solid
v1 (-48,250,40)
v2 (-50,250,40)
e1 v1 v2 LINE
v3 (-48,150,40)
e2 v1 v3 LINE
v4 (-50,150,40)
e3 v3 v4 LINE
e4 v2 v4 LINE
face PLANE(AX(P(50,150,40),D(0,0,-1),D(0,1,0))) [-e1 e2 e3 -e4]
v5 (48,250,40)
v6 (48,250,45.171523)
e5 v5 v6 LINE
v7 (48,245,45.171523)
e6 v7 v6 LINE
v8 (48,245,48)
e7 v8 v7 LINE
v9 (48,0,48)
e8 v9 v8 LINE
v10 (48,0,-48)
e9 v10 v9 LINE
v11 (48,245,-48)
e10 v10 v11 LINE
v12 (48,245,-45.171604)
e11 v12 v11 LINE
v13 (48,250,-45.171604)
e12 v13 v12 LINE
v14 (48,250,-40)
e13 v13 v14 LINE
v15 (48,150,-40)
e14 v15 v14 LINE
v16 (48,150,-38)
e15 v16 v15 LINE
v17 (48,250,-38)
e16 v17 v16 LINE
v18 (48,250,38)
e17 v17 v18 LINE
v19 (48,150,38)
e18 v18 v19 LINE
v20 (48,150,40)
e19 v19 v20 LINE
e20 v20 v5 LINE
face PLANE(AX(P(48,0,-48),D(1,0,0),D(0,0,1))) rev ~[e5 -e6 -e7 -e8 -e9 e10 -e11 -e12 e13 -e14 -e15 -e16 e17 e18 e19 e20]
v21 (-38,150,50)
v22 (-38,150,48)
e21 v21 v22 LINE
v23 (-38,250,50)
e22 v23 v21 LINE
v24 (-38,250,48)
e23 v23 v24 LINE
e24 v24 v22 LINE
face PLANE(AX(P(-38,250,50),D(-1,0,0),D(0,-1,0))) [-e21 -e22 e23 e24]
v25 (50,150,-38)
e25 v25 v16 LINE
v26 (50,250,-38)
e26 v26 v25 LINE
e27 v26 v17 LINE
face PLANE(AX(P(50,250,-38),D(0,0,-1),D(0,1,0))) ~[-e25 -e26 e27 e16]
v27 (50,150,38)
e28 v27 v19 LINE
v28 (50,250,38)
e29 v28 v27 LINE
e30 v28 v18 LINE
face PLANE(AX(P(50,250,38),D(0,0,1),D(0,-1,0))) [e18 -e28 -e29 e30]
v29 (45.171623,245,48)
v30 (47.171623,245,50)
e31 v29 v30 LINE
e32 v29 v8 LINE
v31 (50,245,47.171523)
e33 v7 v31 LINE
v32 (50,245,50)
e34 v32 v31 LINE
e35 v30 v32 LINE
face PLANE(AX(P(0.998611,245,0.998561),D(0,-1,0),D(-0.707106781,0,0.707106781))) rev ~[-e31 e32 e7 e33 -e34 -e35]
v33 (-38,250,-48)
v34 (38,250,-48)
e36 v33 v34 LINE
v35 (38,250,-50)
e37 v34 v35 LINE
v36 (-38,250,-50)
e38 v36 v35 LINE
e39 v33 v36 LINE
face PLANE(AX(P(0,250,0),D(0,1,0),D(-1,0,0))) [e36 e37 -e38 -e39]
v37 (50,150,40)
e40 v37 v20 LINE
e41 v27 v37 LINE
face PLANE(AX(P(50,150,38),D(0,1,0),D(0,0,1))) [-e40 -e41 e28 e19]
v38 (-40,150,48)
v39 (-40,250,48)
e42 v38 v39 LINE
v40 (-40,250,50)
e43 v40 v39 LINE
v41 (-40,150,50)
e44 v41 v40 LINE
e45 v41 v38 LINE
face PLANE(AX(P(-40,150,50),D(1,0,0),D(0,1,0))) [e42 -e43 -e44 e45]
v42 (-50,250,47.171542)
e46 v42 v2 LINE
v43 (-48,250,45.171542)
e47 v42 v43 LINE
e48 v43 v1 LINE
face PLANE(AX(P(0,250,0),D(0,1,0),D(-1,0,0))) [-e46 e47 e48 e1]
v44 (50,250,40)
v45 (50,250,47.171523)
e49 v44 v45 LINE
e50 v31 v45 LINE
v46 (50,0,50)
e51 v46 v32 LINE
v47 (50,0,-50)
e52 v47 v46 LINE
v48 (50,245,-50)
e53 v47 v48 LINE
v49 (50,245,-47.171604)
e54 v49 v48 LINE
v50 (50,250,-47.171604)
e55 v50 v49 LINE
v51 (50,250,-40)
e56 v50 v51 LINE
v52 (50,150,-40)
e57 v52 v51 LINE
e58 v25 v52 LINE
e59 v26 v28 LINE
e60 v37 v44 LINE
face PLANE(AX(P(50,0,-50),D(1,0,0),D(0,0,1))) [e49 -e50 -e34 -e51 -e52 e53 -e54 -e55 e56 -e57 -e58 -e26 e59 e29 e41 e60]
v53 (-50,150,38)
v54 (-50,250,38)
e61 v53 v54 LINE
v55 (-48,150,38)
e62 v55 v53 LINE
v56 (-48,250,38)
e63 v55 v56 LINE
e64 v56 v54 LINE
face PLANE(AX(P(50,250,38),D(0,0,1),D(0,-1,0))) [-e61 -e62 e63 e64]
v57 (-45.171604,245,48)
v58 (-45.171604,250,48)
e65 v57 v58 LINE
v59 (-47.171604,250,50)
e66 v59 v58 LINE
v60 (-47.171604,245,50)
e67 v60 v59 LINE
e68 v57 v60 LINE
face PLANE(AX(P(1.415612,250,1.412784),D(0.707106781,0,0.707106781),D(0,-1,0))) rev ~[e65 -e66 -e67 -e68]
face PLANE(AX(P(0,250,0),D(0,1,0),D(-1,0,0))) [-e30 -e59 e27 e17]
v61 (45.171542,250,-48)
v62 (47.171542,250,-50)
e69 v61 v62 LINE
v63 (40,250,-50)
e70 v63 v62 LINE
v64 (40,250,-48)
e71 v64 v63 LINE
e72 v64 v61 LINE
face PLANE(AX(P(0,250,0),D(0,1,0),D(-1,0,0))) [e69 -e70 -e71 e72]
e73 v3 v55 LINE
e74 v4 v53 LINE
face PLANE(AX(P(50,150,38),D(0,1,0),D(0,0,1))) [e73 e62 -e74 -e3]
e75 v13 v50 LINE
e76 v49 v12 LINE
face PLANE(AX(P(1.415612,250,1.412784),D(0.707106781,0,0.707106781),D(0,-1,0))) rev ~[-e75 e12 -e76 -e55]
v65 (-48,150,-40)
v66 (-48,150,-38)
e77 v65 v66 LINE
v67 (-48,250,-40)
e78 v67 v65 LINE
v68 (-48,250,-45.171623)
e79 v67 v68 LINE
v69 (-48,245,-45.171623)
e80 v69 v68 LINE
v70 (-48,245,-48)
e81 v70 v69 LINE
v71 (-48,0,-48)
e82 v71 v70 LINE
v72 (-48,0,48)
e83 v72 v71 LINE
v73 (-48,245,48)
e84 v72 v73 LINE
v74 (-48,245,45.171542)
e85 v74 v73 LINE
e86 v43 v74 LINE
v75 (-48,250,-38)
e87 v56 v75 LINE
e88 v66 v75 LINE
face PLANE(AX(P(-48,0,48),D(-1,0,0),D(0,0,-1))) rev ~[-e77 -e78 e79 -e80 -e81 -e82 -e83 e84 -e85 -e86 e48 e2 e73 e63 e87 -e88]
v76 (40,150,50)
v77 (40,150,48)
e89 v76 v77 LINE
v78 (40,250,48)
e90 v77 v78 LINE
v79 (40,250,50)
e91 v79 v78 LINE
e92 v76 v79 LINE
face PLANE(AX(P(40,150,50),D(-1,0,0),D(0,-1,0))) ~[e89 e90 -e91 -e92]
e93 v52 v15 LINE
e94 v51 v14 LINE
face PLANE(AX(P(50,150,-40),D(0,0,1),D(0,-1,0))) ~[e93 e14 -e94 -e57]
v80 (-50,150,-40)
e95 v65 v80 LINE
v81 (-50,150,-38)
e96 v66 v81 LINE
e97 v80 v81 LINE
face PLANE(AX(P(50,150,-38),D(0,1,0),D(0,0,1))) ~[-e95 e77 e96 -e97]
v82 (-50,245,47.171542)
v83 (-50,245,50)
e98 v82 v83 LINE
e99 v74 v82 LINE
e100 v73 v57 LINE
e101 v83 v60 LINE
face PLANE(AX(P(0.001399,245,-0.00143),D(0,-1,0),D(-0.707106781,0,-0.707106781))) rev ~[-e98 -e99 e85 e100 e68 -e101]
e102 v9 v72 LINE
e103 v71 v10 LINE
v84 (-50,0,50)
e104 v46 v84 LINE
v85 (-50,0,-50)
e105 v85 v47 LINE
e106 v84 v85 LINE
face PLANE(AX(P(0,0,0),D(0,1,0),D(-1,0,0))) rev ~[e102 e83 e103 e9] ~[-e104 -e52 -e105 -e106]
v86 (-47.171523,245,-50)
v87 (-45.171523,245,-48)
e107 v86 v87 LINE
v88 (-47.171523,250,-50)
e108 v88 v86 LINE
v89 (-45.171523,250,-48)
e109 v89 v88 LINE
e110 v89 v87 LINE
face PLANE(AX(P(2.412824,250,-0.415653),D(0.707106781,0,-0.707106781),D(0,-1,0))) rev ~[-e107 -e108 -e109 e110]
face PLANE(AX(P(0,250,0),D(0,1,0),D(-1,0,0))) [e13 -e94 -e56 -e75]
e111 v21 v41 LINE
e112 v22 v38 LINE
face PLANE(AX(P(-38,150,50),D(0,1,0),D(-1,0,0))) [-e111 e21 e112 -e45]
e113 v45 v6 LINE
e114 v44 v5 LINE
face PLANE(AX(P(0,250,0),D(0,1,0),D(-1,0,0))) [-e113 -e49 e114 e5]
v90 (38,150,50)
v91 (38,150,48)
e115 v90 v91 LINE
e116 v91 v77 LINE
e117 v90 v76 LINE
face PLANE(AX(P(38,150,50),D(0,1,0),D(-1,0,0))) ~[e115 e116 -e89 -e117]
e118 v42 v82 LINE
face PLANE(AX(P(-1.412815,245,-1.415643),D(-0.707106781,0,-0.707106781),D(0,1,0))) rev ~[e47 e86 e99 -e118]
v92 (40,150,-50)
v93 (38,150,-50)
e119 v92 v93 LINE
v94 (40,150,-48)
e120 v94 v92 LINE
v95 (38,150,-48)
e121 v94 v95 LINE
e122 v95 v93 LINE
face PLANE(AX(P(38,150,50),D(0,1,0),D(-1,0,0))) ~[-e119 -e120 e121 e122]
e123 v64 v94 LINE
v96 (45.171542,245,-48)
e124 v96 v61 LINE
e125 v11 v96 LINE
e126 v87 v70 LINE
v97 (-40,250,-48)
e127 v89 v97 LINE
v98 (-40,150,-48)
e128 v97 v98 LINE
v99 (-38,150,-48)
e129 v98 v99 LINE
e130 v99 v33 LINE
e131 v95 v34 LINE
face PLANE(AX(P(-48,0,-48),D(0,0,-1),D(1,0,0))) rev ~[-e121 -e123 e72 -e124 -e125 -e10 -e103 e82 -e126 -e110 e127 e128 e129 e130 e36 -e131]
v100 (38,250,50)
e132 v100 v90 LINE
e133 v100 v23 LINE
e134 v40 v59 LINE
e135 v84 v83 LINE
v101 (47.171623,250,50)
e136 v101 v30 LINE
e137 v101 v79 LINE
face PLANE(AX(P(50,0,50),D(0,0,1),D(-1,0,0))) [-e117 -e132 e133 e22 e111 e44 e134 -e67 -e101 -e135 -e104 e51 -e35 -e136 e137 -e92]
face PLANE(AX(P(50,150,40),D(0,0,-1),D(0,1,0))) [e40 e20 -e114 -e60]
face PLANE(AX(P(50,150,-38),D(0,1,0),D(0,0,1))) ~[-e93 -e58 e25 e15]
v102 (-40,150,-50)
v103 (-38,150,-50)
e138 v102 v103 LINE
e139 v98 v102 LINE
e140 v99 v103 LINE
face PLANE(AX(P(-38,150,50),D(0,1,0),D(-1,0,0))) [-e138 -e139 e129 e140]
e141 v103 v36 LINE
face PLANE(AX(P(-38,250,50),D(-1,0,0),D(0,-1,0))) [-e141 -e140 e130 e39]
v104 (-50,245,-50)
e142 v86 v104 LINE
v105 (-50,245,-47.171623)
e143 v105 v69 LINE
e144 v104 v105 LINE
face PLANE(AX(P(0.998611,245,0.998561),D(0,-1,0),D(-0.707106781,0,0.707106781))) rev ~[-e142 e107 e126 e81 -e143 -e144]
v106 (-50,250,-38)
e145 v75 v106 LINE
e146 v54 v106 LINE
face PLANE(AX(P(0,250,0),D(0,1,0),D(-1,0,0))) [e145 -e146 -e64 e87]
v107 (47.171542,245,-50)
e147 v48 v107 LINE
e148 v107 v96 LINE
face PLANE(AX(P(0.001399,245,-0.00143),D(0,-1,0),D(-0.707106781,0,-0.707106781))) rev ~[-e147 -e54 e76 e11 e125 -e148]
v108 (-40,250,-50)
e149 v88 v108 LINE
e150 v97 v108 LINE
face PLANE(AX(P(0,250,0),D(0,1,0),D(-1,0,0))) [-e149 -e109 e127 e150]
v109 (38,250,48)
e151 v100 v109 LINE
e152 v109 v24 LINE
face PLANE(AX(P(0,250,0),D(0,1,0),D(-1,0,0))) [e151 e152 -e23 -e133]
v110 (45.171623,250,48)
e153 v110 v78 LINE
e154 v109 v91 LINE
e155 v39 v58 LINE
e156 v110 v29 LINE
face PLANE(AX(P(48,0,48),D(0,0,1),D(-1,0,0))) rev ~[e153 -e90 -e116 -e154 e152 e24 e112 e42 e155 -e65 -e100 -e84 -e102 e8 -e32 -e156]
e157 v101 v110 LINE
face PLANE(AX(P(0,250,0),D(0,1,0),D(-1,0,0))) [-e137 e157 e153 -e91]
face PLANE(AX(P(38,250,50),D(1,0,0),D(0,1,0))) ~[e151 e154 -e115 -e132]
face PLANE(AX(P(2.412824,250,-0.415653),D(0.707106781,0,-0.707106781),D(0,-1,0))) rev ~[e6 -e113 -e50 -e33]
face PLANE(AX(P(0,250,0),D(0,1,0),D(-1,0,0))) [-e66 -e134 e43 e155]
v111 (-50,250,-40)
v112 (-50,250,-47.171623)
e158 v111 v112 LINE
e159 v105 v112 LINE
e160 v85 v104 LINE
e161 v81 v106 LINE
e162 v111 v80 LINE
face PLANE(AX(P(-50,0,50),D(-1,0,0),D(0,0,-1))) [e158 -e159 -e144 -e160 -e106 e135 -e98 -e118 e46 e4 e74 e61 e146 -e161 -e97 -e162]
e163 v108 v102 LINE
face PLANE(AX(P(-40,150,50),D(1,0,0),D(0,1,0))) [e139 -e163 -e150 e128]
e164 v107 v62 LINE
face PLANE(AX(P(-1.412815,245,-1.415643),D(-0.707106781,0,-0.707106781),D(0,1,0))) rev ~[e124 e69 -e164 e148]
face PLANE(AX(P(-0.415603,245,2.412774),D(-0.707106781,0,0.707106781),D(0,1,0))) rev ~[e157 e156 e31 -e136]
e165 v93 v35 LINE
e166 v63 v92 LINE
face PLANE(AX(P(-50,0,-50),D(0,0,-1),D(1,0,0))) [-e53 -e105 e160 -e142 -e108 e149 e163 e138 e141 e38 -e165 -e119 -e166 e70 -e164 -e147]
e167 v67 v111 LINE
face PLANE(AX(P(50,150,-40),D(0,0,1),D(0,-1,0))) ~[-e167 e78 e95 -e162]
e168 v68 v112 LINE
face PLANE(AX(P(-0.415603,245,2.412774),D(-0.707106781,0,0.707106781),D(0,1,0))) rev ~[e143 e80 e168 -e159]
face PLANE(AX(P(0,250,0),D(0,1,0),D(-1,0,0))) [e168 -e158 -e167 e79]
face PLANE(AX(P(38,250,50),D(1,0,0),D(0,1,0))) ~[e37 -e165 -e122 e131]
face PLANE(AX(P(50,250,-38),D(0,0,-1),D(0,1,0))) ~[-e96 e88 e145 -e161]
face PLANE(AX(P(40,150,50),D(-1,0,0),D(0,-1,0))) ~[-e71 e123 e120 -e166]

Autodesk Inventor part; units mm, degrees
ref_plane "YZ Plane" through (0, 0, 0) normal (1, 0, 0) x (0, 1, 0)
sketch "Sketch1" plane through (0, 0, 0) normal (0, 1, 0) x (-1, 0, 0)
  line L0 (-50, 50) -> (50, 50)
  line L1 (50, 50) -> (50, -50)
  line L2 (50, -50) -> (-50, -50)
  line L3 (-50, -50) -> (-50, 50)
  line L4 (-50, 50) -> (50, -50) construction
  line L5 (50, 50) -> (-50, -50) construction
  line L6 (-48, 48) -> (48, 48)
  line L7 (48, 48) -> (48, -48)
  line L8 (48, -48) -> (-48, -48)
  line L9 (-48, -48) -> (-48, 48)
  line L10 (-48, 48) -> (48, -48) construction
  line L11 (48, 48) -> (-48, -48) construction
  point P0 (0, 0)
  dimension "d0" = 100
  dimension "d1" = 100
  dimension "d2" = 2
extrude "Extrusion1" add sketch "Sketch1" along normal blind 250
sketch "Sketch3" plane through (50, 250, 50) normal (1, 0, 0) x (0, 0, -1)
  line L0 (2, 0) -> (98, 0) projected
  line L1 (10, 0) -> (12, 0)
  line L2 (12, 0) -> (12, -100)
  line L3 (12, -100) -> (10, -100)
  line L4 (10, -100) -> (10, 0)
  line L5 (0, -250) -> (0, 0) projected
  point P0 (50, -250)
  point P1 (0, -146)
  point P2 (12, 0)
  dimension "d9" = 100
  dimension "d10" = 2
  dimension "d11" = 10
extrude "Extrusion3" cut sketch "Sketch3" against normal blind 220
mirror "Mirror2" about plane through (0, 0, 0) normal (0, 0, 1) of "Extrusion3"
sketch "Sketch4" plane through (-50, 250, 50) normal (0, 0, 1) x (1, 0, 0)
  line L0 (10, 0) -> (12, 0)
  line L1 (12, 0) -> (12, -100)
  line L2 (12, -100) -> (10, -100)
  line L3 (10, -100) -> (10, 0)
  line L4 (0, -250) -> (0, 0) projected
  line L5 (0, 0) -> (100, 0) projected
  point P0 (50, -250)
  point P1 (0, -146)
  point P2 (10, -50)
  point P3 (11, 0)
  dimension "d14" = 10
  dimension "d15" = 2
  dimension "d16" = 100
  dimension "d17" = 0
extrude "Extrusion4" cut sketch "Sketch4" against normal blind 220
mirror "Mirror3" about plane through (0, 0, 0) normal (1, 0, 0) of "Extrusion4"
ref_plane "Work Plane1" through (50, 104, 50) normal (-0.7071, 0, 0.7071) x (0, -1, 0)
sketch "Sketch5" plane through (50, 104, 50) normal (-0.7071, 0, 0.7071) x (0, -1, 0)
  line L0 (-141, -72.7107) -> (-146, -72.7107)
  line L1 (-146, -72.7107) -> (-146, -68.7107)
  line L2 (-146, -68.7107) -> (-141, -68.7107)
  line L3 (-141, -68.7107) -> (-141, -72.7107)
  line L4 (-141, -72.7107) -> (-146, -68.7107) construction
  line L5 (-146, -72.7107) -> (-141, -68.7107) construction
  line L6 (104, -70.7107) -> (-146, -70.7107) projected
  point P0 (-143.5, -70.7107)
  point P1 (0, -70.7107)
  dimension "d20" = 5
  dimension "d21" = 4
  dimension "d22" = 0
  dimension "d23" = 0
extrude "Extrusion5" cut sketch "Sketch5" along normal mid plane 220
ref_plane "Work Plane2" through (-48, 104, 50) normal (0.7071, 0, 0.7071) x (0, 1, 0)
sketch "Sketch6" plane through (-48, 104, 50) normal (0.7071, 0, 0.7071) x (0, 1, 0)
  line L0 (141, -67.2965) -> (146, -67.2965)
  line L1 (146, -67.2965) -> (146, -71.2965)
  line L2 (146, -71.2965) -> (141, -71.2965)
  line L3 (141, -71.2965) -> (141, -67.2965)
  line L4 (-104, -69.2965) -> (146, -69.2965) projected
  line L5 (141, -67.2965) -> (146, -71.2965) construction
  line L6 (146, -67.2965) -> (141, -71.2965) construction
  line L7 (146, -62.2254) -> (146, -69.2965) projected
  point P0 (143.5, -69.2965)
  point P1 (0, -69.2965)
  dimension "d26" = 4
  dimension "d27" = 5
  dimension "d28" = 0
extrude "Extrusion6" cut sketch "Sketch6" along normal mid plane 220
properties part number "FLueExtension"
